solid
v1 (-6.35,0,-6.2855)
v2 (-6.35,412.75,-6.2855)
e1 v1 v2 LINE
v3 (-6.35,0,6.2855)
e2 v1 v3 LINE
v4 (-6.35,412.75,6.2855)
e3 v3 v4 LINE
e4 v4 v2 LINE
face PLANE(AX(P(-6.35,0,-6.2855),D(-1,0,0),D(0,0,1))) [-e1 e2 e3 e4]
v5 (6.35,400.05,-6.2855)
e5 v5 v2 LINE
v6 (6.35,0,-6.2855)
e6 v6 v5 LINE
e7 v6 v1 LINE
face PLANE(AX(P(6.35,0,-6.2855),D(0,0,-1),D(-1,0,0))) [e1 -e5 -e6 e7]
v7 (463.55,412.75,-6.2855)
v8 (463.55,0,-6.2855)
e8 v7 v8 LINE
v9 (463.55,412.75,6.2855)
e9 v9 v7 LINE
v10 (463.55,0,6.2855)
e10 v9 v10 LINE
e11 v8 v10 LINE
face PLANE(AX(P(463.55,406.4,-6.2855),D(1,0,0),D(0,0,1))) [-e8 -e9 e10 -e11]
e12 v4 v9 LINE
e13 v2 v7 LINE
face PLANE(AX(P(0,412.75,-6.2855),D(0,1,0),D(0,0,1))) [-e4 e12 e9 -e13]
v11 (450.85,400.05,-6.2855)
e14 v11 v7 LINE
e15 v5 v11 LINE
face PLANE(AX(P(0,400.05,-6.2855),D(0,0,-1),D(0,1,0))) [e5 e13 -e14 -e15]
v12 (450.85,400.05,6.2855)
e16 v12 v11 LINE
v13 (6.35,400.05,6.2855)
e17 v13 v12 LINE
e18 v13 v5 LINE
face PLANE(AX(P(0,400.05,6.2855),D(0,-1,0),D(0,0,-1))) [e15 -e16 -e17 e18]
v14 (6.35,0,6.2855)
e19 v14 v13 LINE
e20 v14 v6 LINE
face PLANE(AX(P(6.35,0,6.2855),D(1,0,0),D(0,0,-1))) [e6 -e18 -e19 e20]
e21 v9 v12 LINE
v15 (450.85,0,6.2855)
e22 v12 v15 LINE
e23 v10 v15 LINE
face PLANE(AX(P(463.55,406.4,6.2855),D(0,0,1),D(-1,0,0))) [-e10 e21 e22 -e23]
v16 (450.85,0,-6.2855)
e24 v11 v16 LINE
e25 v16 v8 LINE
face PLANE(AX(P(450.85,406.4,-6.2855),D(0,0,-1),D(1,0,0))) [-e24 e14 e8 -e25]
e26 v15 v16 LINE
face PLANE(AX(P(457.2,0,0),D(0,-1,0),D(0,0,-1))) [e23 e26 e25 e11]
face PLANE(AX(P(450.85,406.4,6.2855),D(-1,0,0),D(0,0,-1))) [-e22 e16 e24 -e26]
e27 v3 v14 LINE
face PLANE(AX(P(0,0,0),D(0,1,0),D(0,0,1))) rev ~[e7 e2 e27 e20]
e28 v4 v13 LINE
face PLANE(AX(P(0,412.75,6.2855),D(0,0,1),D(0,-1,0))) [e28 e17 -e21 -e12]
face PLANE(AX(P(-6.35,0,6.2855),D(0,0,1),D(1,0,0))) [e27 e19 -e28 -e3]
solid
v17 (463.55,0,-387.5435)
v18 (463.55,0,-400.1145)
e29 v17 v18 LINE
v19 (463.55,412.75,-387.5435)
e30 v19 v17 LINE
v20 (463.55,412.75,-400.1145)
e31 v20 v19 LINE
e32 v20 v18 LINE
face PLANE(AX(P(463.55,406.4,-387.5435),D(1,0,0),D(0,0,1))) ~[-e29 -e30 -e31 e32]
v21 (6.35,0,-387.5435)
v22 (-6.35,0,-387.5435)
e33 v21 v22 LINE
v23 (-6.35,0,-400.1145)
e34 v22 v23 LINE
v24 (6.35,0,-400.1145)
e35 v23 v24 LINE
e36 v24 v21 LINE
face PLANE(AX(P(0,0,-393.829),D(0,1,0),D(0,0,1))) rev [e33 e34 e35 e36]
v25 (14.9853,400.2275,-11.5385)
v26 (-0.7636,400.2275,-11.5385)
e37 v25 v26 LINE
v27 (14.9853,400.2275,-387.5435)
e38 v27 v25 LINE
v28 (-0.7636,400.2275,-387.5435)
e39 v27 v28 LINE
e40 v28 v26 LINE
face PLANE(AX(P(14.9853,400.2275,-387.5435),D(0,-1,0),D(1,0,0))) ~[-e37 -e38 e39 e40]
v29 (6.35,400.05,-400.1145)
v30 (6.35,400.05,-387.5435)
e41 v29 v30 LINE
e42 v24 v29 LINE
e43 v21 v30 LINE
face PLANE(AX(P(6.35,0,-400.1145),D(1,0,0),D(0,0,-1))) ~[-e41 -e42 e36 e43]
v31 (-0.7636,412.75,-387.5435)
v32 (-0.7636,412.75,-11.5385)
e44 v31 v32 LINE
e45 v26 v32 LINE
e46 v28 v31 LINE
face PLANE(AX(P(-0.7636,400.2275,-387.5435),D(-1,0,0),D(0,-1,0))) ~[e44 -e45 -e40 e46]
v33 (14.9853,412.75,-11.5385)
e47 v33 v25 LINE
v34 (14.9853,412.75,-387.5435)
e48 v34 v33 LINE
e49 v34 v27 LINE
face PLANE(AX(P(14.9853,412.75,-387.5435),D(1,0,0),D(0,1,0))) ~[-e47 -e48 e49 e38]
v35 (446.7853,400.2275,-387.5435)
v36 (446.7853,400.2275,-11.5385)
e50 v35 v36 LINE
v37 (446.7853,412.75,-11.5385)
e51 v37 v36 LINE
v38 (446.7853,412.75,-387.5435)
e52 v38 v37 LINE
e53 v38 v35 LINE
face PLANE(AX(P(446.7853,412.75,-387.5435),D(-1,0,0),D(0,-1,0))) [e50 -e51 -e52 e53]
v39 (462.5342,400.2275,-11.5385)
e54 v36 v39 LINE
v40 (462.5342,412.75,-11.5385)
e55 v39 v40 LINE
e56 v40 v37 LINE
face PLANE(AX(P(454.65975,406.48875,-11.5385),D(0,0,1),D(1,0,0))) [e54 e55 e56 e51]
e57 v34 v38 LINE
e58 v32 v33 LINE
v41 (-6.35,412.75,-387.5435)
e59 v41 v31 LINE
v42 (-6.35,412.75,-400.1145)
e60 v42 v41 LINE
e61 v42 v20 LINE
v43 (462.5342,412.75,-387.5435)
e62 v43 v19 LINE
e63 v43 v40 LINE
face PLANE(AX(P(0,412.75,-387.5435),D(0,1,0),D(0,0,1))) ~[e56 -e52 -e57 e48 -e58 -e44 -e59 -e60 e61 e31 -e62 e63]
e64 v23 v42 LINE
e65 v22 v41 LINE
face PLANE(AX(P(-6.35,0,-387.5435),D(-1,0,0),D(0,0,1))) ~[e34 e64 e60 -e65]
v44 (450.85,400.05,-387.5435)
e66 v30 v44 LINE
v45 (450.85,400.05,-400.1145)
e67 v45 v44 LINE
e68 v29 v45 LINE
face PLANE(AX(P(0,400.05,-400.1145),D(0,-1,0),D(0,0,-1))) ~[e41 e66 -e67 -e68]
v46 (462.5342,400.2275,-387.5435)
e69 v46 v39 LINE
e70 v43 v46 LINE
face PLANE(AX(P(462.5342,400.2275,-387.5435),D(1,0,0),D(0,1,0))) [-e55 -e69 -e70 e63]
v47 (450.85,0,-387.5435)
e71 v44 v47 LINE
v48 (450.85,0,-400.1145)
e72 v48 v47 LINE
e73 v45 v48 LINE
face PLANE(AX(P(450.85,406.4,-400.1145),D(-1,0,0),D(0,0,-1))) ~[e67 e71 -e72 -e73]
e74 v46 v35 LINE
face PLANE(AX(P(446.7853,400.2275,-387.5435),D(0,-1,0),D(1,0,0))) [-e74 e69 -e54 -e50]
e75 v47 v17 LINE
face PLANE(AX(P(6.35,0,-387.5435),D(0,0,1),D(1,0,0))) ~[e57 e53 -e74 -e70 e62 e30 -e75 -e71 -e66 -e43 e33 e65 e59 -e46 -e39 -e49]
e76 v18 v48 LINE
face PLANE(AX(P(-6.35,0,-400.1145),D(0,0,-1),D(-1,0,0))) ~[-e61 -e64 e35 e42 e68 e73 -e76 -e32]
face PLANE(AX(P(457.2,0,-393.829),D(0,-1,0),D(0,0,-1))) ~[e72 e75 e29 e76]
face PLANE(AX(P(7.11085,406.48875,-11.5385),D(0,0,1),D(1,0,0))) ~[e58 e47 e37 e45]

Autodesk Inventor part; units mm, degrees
ref_plane "YZ Plane" through (0, 0, 0) normal (1, 0, 0) x (0, 1, 0)
sketch "Sketch3" plane through (0, 0, 0) normal (0, 1, 0) x (-1, 0, 0)
  line L0 (6.35, 6.2855) -> (-6.35, 6.2855)
  line L1 (-6.35, 6.2855) -> (-6.35, -6.2855)
  line L2 (-6.35, -6.2855) -> (6.35, -6.2855)
  line L3 (6.35, -6.2855) -> (6.35, 6.2855)
  line L4 (6.35, 6.2855) -> (-6.35, -6.2855) construction
  line L5 (-6.35, 6.2855) -> (6.35, -6.2855) construction
  point P0 (0, 0)
  dimension "d7" = 12.7
sketch3d "3D Sketch1"
  line L0 (0, 0, 0) -> (0, 406.4, 0)
  line L1 (0, 406.4, 0) -> (457.2, 406.4, 0)
  line L2 (457.2, 406.4, 0) -> (457.2, 0, 0)
  dimension "d0" = 406.4
  dimension "d1" = 457.2
  dimension "d2" = 457.2
  dimension "d3" = 406.4
  dimension "d4" = 406.4
  dimension "d5" = 406.4
  dimension "d6" = 406.4
sweep "Sweep3" add profiles "Sketch3" path "3D Sketch1"
ref_plane "Work Plane1" through (-6.35, 412.75, -196.9145) normal (0, 0, 1) x (1, 0, 0)
mirror "Mirror1" about plane through (-6.35, 412.75, -196.9145) normal (0, 0, 1) of "Sweep3"
sketch "Sketch4" plane through (-6.35, 412.75, -387.5435) normal (0, 0, 1) x (1, 0, 0)
  line L0 (453.1353, -12.5225) -> (468.8842, -12.5225)
  line L1 (468.8842, -12.5225) -> (468.8842, 0)
  line L2 (468.8842, 0) -> (453.1353, 0)
  line L3 (453.1353, 0) -> (453.1353, -12.5225)
  line L4 (453.1353, -12.5225) -> (468.8842, 0) construction
  line L5 (468.8842, -12.5225) -> (453.1353, 0) construction
  point P0 (6.35, -412.75)
  point P1 (461.0098, -6.2613)
sketch3d "3D Sketch2"
  line L0 (457.2, 406.4, -384.0365) -> (457.2, 406.4, -8.0315)
sweep "Sweep4" add profiles "Sketch4" path "3D Sketch2"
ref_plane "Work Plane2" through (230.8853, 400.2275, -387.5435) normal (-1, 0, 0) x (0, 0, 1)
mirror "Mirror2" about plane through (230.8853, 400.2275, -387.5435) normal (-1, 0, 0) of "Sweep4"
properties part number "MetalTable"
